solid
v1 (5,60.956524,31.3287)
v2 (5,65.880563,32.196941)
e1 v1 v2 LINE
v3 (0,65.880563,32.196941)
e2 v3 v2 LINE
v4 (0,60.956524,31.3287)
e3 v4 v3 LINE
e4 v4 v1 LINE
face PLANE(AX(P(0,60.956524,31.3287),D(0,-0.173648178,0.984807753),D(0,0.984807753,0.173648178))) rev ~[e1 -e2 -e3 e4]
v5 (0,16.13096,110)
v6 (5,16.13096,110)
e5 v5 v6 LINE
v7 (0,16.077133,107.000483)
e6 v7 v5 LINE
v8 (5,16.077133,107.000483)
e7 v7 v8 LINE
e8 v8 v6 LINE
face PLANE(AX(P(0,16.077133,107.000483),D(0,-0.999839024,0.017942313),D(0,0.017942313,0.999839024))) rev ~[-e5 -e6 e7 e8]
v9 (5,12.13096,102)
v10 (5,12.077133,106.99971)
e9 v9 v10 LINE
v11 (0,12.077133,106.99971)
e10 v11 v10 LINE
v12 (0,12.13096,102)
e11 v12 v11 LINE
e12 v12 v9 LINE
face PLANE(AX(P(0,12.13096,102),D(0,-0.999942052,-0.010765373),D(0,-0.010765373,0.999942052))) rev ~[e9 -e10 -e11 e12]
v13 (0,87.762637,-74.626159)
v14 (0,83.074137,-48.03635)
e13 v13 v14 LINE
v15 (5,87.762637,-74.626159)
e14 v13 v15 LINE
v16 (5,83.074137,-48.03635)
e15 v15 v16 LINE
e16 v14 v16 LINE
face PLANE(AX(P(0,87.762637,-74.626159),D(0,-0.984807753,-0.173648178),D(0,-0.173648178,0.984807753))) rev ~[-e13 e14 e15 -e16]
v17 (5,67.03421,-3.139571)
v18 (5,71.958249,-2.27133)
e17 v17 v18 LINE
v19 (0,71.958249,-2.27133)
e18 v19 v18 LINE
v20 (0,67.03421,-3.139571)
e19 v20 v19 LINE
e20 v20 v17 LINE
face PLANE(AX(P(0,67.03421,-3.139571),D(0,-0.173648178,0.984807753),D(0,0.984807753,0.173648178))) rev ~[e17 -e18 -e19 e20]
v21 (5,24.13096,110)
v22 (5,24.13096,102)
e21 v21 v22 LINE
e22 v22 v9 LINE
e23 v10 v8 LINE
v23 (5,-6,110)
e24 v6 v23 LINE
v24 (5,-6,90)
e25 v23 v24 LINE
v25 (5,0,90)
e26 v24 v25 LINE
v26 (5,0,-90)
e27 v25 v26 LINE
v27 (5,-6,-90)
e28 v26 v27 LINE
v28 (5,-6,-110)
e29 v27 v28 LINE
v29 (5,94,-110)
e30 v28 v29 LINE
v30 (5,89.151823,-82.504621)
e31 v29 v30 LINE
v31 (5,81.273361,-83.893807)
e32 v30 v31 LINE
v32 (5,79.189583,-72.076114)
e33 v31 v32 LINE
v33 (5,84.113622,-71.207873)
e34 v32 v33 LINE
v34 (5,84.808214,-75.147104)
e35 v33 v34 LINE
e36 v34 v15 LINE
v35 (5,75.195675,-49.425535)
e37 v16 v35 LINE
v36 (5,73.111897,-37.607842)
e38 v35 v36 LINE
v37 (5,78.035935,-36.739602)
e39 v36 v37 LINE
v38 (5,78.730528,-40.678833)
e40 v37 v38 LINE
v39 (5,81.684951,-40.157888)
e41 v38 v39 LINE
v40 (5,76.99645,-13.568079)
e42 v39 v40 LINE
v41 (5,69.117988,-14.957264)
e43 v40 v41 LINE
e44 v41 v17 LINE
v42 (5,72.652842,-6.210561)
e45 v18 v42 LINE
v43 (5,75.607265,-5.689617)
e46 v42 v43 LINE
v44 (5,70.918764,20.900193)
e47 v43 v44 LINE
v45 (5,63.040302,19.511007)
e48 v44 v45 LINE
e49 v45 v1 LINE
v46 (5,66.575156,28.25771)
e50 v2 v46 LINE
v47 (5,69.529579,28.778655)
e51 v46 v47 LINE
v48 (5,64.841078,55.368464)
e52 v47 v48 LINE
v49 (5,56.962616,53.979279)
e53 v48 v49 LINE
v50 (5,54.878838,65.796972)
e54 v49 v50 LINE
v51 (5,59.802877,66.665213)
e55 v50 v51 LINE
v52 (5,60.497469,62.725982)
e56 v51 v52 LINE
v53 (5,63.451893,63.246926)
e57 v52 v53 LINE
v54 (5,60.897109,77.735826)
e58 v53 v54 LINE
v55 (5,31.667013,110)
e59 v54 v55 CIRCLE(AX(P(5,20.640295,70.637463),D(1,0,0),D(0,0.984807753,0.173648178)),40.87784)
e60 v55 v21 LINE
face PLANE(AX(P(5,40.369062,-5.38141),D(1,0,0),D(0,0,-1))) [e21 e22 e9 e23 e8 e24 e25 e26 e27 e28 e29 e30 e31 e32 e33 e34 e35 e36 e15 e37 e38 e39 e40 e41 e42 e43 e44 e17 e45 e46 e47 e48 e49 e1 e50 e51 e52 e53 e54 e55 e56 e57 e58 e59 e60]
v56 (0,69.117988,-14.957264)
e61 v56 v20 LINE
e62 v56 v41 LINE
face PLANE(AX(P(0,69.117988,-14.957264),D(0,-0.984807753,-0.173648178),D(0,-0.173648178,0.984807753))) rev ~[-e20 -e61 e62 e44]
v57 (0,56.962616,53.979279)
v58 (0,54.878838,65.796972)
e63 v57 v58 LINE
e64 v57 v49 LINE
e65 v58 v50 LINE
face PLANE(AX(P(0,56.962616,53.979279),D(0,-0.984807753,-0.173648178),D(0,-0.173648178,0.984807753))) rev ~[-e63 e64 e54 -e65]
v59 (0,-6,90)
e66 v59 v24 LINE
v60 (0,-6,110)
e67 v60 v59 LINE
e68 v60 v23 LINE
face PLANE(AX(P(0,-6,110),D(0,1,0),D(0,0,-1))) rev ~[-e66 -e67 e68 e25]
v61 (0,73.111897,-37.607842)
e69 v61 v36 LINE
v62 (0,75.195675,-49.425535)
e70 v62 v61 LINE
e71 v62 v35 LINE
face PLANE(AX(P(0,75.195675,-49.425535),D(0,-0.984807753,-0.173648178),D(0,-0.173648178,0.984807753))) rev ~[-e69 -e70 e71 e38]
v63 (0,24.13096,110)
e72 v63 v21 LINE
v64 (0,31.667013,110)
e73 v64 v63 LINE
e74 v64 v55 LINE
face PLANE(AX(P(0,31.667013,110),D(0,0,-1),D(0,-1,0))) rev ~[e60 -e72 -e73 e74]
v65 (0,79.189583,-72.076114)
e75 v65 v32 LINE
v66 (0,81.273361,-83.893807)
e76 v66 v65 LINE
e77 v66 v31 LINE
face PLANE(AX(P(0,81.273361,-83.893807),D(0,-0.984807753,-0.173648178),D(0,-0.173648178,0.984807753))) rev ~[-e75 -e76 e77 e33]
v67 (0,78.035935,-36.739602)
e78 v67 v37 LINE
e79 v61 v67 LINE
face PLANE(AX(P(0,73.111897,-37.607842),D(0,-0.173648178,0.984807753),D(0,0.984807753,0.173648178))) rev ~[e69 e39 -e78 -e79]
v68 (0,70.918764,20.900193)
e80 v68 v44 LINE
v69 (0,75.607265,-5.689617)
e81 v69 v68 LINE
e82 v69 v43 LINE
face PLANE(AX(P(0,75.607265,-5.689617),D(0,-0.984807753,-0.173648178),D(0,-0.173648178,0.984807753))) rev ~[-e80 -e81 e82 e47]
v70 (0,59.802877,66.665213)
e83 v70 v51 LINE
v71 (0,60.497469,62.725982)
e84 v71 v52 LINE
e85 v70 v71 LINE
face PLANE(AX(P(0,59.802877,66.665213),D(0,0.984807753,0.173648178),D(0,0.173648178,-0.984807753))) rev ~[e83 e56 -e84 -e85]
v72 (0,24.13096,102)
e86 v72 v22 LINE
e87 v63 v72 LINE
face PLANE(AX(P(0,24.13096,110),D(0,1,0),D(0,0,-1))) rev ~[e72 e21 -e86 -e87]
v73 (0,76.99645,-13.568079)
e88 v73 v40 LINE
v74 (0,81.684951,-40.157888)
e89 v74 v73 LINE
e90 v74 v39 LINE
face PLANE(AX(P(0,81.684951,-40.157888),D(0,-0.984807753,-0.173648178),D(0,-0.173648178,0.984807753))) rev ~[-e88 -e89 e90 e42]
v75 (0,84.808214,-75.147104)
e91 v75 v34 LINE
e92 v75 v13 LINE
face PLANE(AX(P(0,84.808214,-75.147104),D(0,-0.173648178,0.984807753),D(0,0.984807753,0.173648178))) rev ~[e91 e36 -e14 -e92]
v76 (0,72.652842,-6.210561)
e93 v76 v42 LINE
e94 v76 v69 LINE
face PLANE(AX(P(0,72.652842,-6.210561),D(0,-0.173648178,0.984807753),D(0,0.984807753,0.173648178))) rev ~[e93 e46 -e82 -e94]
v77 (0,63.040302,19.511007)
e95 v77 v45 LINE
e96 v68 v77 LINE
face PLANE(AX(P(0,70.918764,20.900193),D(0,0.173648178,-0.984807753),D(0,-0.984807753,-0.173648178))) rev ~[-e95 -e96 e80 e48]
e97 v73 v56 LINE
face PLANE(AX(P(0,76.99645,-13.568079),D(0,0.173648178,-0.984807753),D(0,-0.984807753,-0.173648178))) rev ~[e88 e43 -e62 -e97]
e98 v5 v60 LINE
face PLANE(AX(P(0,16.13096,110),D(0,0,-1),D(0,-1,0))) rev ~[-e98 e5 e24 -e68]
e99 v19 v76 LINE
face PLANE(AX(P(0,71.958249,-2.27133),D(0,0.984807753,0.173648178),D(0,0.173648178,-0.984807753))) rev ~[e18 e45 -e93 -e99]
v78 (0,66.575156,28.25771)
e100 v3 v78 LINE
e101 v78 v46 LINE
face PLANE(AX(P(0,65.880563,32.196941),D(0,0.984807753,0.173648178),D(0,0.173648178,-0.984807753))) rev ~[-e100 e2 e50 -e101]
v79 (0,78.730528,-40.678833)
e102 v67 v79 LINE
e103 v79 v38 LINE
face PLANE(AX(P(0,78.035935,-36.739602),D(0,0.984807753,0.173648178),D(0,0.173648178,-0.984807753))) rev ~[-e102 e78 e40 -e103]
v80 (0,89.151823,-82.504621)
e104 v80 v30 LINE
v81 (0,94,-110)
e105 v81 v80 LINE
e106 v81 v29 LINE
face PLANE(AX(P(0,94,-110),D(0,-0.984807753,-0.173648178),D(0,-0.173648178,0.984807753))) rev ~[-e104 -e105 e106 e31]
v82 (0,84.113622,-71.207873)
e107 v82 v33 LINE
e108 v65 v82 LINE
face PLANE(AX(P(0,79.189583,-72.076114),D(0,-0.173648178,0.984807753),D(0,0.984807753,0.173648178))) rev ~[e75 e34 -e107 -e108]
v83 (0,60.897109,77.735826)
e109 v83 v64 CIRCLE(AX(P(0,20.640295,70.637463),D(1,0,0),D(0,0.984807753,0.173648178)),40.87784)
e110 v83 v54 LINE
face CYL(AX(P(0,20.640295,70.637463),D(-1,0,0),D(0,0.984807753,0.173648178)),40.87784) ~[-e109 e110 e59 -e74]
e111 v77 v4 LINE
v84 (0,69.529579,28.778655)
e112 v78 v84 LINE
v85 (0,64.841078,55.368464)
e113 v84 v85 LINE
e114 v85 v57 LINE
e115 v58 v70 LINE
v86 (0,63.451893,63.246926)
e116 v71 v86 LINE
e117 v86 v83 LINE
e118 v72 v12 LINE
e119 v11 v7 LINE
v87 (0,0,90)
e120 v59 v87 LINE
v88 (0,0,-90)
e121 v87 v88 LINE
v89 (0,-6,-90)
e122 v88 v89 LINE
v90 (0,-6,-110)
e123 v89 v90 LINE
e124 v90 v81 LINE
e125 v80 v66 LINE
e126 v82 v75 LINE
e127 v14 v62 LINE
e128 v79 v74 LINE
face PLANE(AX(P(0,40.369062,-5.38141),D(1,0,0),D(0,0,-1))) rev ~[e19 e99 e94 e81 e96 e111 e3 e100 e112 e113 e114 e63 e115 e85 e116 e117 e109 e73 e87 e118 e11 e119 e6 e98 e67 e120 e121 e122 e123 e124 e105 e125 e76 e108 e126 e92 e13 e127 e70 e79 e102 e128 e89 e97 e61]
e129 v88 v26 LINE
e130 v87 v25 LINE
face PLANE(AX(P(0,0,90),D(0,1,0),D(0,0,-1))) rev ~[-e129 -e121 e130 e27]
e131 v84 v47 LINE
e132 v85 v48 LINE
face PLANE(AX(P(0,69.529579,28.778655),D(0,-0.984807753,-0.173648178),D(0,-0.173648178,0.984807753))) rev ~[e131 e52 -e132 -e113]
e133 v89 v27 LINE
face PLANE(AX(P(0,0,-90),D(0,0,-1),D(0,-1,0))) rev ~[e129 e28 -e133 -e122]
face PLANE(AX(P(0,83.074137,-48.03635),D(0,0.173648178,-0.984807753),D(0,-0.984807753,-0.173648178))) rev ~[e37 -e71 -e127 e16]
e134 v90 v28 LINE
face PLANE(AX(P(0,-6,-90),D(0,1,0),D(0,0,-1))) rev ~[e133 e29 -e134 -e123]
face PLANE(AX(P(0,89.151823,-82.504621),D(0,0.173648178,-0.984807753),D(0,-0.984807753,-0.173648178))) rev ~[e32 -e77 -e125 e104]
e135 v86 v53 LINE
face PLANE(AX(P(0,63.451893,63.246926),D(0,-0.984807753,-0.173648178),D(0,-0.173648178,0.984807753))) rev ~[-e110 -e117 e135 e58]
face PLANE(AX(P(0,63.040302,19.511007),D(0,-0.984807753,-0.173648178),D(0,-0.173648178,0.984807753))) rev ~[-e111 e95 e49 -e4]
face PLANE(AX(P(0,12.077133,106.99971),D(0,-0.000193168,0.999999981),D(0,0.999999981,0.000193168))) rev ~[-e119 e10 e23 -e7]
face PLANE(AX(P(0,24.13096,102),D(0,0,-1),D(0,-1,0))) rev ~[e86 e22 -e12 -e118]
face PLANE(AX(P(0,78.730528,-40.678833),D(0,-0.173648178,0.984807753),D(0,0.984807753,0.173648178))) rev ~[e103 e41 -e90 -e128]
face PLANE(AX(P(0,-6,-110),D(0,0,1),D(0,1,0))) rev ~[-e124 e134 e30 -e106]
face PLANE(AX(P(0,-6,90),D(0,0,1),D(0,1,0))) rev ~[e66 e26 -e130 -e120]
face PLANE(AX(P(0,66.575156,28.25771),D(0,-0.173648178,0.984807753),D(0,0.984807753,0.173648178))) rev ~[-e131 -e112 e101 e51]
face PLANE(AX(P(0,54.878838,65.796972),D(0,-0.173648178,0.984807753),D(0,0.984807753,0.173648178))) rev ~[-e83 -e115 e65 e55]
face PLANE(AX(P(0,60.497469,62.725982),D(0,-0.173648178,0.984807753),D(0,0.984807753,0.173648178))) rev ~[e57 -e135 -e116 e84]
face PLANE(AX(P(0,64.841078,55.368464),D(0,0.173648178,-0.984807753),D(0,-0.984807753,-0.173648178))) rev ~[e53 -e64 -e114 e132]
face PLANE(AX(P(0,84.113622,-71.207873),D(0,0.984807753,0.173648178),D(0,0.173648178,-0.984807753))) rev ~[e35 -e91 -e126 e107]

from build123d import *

# Parameters (mm, degrees)
BOSS_EXTRUDE1_DEPTH = 5


with BuildPart() as part:
    # Sketch1 → Boss-Extrude1 (new body)
    with BuildSketch(Plane(origin=(0, 0, 0), x_dir=(0, 0, -1), z_dir=(1, 0, 0))):
        with BuildLine():
            Line((-110, -6), (-90, -6))
            Line((-90, -6), (-90, 0))
            Line((-90, 0), (90, 0))
            Line((90, 0), (90, -6))
            Line((90, -6), (110, -6))
            Line((110, -6), (110, 94))
            Line((110, 94), (82.504621365, 89.151822902))
            Line((82.504621365, 89.151822902), (83.893806786, 81.273360878))
            Line((83.893806786, 81.273360878), (72.07611375, 79.189582746))
            Line((72.07611375, 79.189582746), (71.207872862, 84.113621511))
            Line((71.207872862, 84.113621511), (75.147103874, 84.808214222))
            Line((75.147103874, 84.808214222), (74.626159341, 87.762637481))
            Line((74.626159341, 87.762637481), (48.03635001, 83.074136684))
            Line((48.03635001, 83.074136684), (49.425535431, 75.195674659))
            Line((49.425535431, 75.195674659), (37.607842395, 73.111896527))
            Line((37.607842395, 73.111896527), (36.739601507, 78.035935292))
            Line((36.739601507, 78.035935292), (40.678832519, 78.730528003))
            Line((40.678832519, 78.730528003), (40.157887986, 81.684951262))
            Line((40.157887986, 81.684951262), (13.568078654, 76.996450465))
            Line((13.568078654, 76.996450465), (14.957264076, 69.117988441))
            Line((14.957264076, 69.117988441), (3.139571039, 67.034210309))
            Line((3.139571039, 67.034210309), (2.271330151, 71.958249074))
            Line((2.271330151, 71.958249074), (6.210561163, 72.652841785))
            Line((6.210561163, 72.652841785), (5.68961663, 75.607265044))
            Line((5.68961663, 75.607265044), (-20.900192701, 70.918764247))
            Line((-20.900192701, 70.918764247), (-19.51100728, 63.040302223))
            Line((-19.51100728, 63.040302223), (-31.328700316, 60.956524091))
            Line((-31.328700316, 60.956524091), (-32.196941204, 65.880562856))
            Line((-32.196941204, 65.880562856), (-28.257710192, 66.575155566))
            Line((-28.257710192, 66.575155566), (-28.778654725, 69.529578826))
            Line((-28.778654725, 69.529578826), (-55.368464057, 64.841078029))
            Line((-55.368464057, 64.841078029), (-53.979278635, 56.962616004))
            Line((-53.979278635, 56.962616004), (-65.796971671, 54.878837872))
            Line((-65.796971671, 54.878837872), (-66.66521256, 59.802876637))
            Line((-66.66521256, 59.802876637), (-62.725981548, 60.497469348))
            Line((-62.725981548, 60.497469348), (-63.246926081, 63.451892607))
            Line((-63.246926081, 63.451892607), (-77.735825896, 60.897108649))
            ThreePointArc((-77.735825896, 60.897108649), (-98.082925814, 50.934591362), (-110, 31.66701319))
            Line((-110, 31.66701319), (-110, 24.130960335))
            Line((-110, 24.130960335), (-102, 24.130960335))
            Line((-102, 24.130960335), (-102, 12.130960335))
            Line((-102, 12.130960335), (-106.999710258, 12.07713347))
            Line((-106.999710258, 12.07713347), (-107.000482929, 16.077133396))
            Line((-107.000482929, 16.077133396), (-110, 16.130960335))
            Line((-110, 16.130960335), (-110, -6))
        make_face()
    extrude(amount=BOSS_EXTRUDE1_DEPTH)


solid = part.part
